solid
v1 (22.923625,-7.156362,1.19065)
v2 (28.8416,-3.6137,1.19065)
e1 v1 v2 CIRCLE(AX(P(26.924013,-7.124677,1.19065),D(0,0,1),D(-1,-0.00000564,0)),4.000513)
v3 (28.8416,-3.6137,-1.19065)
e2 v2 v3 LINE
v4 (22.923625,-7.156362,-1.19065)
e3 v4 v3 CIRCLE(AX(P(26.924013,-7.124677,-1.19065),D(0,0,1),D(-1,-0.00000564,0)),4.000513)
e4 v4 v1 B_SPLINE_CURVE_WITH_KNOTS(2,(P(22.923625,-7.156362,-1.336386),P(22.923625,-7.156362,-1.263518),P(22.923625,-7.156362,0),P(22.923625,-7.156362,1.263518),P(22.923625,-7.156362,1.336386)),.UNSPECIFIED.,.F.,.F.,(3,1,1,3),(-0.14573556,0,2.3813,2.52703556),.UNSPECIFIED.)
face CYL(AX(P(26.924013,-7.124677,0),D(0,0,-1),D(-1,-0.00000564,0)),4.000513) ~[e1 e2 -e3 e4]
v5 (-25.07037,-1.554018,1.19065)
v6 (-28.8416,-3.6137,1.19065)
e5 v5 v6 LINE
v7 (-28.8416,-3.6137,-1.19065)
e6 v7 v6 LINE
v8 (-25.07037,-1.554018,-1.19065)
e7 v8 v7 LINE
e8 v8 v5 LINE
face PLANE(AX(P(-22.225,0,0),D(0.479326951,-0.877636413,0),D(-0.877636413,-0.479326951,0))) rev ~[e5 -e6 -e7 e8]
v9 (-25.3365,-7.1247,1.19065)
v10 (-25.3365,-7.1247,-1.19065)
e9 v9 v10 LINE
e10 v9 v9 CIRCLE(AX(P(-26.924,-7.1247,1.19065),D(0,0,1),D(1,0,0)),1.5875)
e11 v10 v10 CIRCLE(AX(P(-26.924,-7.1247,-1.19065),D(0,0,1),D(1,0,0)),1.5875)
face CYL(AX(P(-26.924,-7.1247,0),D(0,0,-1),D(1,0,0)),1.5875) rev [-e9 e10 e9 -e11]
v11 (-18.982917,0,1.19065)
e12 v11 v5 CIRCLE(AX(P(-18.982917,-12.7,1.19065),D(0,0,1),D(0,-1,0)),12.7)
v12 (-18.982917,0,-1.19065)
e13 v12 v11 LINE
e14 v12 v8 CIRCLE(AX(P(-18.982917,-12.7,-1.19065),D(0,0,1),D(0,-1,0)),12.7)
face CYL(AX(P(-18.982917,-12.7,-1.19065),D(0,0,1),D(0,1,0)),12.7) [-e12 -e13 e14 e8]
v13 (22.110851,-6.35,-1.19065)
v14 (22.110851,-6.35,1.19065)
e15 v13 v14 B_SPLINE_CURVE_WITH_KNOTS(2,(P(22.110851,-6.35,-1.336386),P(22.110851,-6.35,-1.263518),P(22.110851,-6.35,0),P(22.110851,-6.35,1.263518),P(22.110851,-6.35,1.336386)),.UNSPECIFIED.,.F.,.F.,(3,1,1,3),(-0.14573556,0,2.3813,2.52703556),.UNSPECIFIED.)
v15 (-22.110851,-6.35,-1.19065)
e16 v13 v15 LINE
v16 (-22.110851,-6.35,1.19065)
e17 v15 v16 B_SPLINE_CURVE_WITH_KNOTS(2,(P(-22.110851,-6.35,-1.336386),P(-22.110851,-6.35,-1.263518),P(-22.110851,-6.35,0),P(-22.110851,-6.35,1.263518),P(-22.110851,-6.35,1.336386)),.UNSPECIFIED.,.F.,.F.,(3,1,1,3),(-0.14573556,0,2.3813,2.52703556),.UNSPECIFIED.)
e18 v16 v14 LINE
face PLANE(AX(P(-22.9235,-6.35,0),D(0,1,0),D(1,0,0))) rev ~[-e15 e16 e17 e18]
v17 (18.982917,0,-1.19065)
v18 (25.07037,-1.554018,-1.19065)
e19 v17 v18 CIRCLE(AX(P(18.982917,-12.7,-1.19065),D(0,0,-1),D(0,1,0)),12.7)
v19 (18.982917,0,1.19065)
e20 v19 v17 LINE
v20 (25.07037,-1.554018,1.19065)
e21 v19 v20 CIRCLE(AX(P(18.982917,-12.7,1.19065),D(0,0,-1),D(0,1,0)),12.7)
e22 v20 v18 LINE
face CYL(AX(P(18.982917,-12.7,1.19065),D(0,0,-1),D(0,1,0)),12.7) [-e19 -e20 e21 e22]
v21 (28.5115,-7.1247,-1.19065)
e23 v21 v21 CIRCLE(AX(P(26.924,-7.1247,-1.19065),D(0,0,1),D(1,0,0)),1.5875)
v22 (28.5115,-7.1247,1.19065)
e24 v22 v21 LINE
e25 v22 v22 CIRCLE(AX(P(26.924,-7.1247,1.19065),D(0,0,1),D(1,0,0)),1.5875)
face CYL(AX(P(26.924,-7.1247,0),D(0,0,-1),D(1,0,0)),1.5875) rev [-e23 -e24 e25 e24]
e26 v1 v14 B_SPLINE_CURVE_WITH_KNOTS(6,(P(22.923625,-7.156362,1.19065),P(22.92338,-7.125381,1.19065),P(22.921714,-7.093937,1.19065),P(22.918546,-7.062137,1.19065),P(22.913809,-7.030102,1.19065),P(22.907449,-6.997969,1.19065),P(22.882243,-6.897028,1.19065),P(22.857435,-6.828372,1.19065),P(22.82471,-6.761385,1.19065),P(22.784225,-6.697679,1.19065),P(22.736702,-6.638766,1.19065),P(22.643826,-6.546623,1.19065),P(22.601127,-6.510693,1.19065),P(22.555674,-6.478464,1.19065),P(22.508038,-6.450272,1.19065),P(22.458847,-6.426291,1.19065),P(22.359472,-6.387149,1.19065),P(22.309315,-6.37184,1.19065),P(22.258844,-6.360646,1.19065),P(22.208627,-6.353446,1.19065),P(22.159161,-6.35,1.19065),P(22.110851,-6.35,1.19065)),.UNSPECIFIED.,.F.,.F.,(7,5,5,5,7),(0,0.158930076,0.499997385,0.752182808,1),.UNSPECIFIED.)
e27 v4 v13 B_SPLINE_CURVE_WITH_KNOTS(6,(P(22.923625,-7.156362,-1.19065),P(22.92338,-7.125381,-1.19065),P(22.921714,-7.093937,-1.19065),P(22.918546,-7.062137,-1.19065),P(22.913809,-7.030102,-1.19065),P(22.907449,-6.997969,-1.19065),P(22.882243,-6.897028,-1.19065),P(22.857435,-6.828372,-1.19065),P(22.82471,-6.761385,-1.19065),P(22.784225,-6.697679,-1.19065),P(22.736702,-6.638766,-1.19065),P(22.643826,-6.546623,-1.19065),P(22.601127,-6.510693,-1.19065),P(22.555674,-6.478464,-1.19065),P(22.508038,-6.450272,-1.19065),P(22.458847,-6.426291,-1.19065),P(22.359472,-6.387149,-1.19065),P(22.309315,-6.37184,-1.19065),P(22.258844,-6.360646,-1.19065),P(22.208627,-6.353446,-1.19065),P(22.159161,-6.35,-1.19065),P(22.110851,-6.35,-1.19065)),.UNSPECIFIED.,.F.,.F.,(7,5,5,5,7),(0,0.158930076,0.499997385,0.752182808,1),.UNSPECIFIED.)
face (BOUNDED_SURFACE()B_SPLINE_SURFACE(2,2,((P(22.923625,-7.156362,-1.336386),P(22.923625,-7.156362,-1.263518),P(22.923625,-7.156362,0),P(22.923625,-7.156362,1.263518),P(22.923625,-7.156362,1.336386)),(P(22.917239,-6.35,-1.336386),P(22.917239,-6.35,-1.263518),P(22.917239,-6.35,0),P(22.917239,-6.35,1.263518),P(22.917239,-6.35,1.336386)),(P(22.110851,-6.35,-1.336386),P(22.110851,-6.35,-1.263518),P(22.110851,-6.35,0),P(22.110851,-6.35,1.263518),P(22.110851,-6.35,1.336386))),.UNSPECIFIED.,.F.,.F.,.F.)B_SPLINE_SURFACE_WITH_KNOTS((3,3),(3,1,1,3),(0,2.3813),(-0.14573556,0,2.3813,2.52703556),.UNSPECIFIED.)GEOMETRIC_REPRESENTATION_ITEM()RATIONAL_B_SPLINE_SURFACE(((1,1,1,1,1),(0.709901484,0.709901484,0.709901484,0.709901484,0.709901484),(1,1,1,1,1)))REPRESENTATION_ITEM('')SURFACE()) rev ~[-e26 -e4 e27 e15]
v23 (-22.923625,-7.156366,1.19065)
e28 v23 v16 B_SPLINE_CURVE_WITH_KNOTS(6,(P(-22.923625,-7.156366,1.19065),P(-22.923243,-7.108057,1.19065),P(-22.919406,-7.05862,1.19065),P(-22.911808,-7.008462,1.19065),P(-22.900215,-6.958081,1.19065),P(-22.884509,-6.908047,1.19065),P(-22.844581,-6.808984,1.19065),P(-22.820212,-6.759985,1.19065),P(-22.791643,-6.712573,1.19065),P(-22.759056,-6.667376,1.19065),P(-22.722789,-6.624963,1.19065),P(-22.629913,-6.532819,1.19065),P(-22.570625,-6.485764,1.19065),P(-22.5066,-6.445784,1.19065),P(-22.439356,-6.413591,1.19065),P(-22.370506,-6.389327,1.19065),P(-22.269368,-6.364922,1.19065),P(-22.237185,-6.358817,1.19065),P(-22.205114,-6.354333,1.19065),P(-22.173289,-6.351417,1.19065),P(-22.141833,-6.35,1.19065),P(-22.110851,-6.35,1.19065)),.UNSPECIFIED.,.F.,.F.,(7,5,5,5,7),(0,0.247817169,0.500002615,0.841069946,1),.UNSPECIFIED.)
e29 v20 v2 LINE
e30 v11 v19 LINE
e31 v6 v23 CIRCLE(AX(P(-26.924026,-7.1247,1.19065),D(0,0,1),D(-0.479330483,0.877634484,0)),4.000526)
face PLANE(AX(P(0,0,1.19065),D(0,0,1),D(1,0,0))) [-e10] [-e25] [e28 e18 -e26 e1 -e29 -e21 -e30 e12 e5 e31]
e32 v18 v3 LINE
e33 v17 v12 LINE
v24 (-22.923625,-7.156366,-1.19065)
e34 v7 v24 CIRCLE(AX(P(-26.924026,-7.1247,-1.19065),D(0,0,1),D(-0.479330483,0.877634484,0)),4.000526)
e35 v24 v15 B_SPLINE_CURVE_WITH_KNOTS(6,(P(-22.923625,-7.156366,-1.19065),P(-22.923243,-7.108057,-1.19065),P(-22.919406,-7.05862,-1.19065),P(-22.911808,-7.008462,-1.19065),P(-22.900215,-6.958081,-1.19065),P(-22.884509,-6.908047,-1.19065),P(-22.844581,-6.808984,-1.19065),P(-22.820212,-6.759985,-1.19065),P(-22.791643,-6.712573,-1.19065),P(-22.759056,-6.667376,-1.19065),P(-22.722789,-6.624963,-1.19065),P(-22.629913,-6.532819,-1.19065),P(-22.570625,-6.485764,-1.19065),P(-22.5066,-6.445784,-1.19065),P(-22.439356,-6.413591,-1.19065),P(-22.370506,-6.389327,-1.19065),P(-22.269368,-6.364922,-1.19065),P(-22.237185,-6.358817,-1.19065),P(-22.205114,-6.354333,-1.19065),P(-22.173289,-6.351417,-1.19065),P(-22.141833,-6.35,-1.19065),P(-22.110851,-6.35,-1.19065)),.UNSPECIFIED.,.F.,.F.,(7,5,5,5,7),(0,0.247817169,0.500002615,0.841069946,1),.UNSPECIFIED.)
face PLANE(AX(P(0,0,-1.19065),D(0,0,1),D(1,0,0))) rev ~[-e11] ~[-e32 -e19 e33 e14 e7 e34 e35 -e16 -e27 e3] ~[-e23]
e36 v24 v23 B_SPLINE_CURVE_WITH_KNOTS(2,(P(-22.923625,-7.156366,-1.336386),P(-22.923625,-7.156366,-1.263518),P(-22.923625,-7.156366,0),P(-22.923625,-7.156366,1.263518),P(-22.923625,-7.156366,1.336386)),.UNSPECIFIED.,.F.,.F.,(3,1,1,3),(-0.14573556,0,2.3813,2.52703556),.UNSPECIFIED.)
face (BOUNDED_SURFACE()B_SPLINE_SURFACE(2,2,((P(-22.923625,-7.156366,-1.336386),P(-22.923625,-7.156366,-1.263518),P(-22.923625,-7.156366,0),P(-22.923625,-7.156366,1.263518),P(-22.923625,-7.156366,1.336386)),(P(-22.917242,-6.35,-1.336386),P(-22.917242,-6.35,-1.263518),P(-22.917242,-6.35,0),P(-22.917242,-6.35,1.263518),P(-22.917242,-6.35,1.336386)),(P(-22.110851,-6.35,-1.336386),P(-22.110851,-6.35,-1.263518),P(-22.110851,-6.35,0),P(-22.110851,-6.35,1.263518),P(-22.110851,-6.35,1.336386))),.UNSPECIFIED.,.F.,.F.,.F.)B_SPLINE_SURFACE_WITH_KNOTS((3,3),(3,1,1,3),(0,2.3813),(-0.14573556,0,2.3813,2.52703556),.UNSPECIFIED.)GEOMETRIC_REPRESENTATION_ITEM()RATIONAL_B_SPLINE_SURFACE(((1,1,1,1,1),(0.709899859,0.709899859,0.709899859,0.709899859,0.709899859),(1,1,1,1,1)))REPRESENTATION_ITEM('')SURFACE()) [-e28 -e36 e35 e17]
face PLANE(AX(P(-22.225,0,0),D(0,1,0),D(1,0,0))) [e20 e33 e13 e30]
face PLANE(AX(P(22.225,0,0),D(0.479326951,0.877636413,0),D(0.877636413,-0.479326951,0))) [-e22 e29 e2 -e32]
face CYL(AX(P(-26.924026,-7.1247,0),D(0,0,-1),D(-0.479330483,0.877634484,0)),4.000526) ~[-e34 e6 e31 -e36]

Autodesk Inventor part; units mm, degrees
ref_plane "YZ Plane" through (0, 0, 0) normal (1, 0, 0) x (0, 1, 0)
ref_plane "XZ Plane" through (0, 0, 0) normal (0, 1, 0) x (-1, 0, 0)
ref_plane "XY Plane" through (0, 0, 0) normal (0, 0, 1) x (1, 0, 0)
sketch "Sketch1" plane through (0, 0, 0) normal (0, 0, 1) x (1, 0, 0)
  line L0 (-22.225, 0) -> (22.225, 0)
  line L1 (-22.225, 0) -> (-28.8416, -3.6137)
  arc A0 (-28.8416, -3.6137) -> (-22.9235, -7.1247) centre (-26.924, -7.1247) ccw
  line L2 (-22.9235, -7.1247) -> (-22.9235, -6.35)
  circle A1 centre (-26.924, -7.1247) radius 1.5875
  line L3 (0, -15.1277) -> (0, 2.5213) projected
  line L4 (22.225, 0) -> (28.8416, -3.6137)
  arc A2 (22.9235, -7.1247) -> (28.8416, -3.6137) centre (26.924, -7.1247) ccw
  line L5 (22.9235, -7.1247) -> (22.9235, -6.35)
  circle A3 centre (26.924, -7.1247) radius 1.5875
  line L6 (-22.9235, -6.35) -> (22.9235, -6.35)
  point P0 (0, 0)
  point P1 (0, 0)
  point P2 (-26.924, -11.1252)
  point P3 (26.924, -11.1252)
  dimension "d0" = 8.001
  dimension "d1" = 3.175
  dimension "d2" = 4.7752
  dimension "d3" = 6.35
  dimension "d4" = 44.45
  dimension "d5" = 53.848
extrude "Extrusion1" add sketch "Sketch1" along normal mid plane 2.3813
fillet "Fillet1" radius 12.7 2 edges at (-22.225, 0, 0) (22.225, 0, 0)
fillet "Fillet2" radius 0.8128 2 edges at (-22.9235, -6.35, 0) (22.9235, -6.35, 0)
properties part number "Front Lower Arm Brace"
